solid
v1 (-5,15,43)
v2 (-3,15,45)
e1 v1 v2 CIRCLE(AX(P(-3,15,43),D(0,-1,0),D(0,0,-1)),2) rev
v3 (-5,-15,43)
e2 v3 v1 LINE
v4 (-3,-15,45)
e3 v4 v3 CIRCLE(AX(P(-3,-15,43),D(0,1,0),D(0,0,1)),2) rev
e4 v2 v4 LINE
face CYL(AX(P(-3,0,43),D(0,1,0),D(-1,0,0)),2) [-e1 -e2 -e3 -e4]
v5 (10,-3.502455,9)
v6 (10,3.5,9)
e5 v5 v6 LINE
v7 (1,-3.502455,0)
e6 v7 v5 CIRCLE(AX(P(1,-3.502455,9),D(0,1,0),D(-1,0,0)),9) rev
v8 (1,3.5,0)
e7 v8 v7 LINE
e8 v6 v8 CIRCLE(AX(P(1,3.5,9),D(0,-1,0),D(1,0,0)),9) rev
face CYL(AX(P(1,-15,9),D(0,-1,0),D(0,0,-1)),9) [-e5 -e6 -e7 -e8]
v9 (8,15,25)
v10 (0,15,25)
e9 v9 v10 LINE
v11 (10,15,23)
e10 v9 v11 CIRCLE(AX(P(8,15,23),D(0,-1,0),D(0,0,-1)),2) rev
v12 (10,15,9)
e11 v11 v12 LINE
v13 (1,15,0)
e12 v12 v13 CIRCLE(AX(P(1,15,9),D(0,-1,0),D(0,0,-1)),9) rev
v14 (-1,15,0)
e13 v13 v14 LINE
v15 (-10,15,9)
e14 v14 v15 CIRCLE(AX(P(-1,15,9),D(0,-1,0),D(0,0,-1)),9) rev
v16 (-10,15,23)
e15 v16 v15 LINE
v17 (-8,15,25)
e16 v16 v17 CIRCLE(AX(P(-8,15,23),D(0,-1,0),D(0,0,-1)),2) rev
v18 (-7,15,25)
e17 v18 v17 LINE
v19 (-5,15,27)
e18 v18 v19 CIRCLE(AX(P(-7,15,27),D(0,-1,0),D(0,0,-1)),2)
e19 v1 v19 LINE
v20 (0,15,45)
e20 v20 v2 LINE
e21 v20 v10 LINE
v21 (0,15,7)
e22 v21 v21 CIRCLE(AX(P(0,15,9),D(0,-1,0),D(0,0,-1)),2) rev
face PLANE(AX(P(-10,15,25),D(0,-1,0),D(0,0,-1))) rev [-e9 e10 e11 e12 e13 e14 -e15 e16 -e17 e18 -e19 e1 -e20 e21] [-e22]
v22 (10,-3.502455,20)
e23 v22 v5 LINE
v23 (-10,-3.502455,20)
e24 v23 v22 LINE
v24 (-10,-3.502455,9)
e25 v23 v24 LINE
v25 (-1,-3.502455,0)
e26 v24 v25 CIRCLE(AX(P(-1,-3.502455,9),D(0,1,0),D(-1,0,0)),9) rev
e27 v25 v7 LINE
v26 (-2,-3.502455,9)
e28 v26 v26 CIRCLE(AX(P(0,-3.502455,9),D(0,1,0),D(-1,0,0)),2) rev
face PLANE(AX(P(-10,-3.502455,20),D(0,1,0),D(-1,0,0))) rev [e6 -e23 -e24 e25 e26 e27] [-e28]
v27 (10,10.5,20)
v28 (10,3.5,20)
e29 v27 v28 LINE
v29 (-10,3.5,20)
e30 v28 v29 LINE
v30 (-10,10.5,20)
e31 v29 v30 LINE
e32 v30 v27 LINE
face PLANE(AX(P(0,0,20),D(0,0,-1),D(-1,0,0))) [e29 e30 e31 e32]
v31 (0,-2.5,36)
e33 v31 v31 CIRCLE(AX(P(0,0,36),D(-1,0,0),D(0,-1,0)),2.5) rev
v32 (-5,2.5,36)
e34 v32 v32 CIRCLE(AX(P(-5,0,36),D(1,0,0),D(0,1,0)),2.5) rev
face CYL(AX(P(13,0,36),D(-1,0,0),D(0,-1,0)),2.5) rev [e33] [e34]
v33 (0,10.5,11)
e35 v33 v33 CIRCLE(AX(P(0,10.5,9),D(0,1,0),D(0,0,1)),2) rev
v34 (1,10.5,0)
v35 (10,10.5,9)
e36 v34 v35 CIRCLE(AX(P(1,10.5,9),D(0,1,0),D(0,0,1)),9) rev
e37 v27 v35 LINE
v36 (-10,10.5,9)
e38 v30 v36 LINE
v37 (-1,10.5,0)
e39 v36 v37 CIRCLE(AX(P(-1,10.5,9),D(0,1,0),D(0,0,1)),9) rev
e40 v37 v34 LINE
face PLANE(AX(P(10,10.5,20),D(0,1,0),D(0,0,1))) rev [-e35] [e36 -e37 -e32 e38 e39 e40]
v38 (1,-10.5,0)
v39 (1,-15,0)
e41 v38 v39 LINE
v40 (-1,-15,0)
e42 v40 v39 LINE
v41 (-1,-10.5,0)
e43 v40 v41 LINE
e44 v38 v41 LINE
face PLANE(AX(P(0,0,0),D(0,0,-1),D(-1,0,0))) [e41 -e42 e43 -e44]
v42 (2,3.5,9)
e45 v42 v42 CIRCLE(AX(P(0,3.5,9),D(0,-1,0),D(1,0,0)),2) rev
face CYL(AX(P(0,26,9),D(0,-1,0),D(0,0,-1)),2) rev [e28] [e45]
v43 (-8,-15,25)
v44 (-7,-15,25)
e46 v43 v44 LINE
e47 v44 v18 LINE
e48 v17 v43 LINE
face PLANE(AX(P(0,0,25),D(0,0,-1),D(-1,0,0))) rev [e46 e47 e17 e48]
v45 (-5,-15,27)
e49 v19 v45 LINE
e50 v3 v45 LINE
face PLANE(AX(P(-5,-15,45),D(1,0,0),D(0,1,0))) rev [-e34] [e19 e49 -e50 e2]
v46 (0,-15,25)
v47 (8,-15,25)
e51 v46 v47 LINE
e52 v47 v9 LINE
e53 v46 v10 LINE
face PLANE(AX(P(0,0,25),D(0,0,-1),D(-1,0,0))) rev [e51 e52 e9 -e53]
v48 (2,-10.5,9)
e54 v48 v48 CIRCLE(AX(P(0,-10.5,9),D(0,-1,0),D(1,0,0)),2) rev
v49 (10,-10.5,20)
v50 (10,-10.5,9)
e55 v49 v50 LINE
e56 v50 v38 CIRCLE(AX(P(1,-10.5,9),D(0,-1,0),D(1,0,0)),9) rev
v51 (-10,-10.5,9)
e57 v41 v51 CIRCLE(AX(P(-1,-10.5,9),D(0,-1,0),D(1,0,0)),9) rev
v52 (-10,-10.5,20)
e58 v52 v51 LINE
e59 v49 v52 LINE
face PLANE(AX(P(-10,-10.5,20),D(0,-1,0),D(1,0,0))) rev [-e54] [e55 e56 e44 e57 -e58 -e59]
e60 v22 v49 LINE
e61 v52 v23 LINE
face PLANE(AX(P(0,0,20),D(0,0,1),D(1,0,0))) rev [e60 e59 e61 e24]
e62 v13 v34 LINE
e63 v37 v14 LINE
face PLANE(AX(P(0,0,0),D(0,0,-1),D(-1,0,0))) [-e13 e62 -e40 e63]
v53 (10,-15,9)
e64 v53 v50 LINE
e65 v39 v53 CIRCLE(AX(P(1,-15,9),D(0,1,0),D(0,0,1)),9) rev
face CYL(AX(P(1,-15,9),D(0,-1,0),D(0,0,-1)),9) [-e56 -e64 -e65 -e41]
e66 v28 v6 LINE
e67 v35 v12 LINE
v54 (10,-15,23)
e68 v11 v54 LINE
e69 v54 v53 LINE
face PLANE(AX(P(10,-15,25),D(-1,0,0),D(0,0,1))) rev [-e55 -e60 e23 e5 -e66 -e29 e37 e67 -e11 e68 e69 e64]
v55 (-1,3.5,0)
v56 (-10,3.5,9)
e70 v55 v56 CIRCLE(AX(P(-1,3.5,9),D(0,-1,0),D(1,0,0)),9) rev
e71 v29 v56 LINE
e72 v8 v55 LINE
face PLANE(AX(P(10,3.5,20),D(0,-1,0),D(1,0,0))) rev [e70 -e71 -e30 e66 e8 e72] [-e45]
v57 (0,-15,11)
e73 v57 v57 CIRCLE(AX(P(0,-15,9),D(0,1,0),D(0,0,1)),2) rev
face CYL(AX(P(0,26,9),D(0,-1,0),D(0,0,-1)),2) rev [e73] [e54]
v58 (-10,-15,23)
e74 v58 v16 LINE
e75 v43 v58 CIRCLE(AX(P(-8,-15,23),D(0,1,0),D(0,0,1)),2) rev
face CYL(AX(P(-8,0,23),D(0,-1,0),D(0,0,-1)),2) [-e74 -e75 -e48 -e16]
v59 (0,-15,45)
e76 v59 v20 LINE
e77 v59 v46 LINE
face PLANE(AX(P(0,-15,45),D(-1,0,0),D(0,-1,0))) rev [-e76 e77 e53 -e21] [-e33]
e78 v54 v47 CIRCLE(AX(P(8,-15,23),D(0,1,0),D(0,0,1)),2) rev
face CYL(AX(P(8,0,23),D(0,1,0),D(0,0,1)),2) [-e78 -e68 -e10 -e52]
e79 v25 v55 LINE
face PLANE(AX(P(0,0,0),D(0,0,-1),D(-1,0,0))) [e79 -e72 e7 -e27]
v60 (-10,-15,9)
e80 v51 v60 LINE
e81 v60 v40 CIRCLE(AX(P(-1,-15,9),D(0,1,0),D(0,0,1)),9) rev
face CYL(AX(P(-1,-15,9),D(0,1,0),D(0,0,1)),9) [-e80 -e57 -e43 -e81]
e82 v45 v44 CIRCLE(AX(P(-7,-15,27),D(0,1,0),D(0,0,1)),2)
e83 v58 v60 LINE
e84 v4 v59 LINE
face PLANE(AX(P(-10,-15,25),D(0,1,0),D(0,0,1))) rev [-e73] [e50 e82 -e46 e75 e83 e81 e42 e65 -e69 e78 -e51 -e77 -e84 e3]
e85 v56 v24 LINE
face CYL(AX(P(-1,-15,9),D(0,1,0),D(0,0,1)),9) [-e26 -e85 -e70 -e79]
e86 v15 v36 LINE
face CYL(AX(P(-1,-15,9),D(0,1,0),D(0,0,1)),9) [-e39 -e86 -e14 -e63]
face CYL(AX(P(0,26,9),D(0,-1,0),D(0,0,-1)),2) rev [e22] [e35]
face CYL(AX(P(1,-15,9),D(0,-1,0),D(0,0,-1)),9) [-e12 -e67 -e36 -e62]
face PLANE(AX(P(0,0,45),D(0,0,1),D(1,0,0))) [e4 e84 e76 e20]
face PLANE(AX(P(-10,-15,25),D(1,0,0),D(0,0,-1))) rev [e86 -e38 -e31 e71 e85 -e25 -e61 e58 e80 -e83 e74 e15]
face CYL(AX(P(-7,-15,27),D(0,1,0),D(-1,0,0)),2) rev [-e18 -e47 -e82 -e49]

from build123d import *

# Parameters (mm, degrees)
SKETCH1_W               = 20
SKETCH1_H               = 30
BOSS_EXTRUDE1_DEPTH     = 25
SKETCH2_W               = 20
SKETCH2_H               = 7
SKETCH2_H_2             = 6.997545124
CUT_EXTRUDE1_DEPTH      = 20
SKETCH3_W               = 5
SKETCH3_H               = 30
BOSS_EXTRUDE3_DEPTH     = 20
CUT_EXTRUDE2_DEPTH      = 13
CUT_EXTRUDE2_DEPTH_BACK = 16
SKETCH5_R               = 2.5
FILLET1_R               = 9
CUT_EXTRUDE3_DEPTH      = 11
CUT_EXTRUDE3_DEPTH_BACK = 33
SKETCH6_R               = 2
FILLET2_R               = 2
FILLET3_R               = 2
FILLET4_R               = 2


with BuildPart() as part:
    # Sketch1 → Boss-Extrude1 (new body)
    with BuildSketch(Plane.XY):
        Rectangle(SKETCH1_W, SKETCH1_H)
    extrude(amount=BOSS_EXTRUDE1_DEPTH)

    # Sketch2 → Cut-Extrude1 (cut)
    with BuildSketch(Plane(origin=(0, 0, 0), x_dir=(-1, 0, 0), z_dir=(0, 0, -1))):
        with Locations((0, 7)):
            Rectangle(SKETCH2_W, SKETCH2_H)
        with Locations((0, -7.001227438)):
            Rectangle(SKETCH2_W, SKETCH2_H_2)
    extrude(amount=-CUT_EXTRUDE1_DEPTH, mode=Mode.SUBTRACT)

    # Sketch3 → Boss-Extrude3 (add)
    with BuildSketch(Plane.XY.offset(25)):
        with Locations((-2.5, 0)):
            Rectangle(SKETCH3_W, SKETCH3_H)
    extrude(amount=BOSS_EXTRUDE3_DEPTH)

    # Sketch5 → Cut-Extrude2 (cut, two sides: drawn at the far end of the back side and taken through both)
    with BuildSketch(Plane(origin=(0, 0, 0), x_dir=(0, 0, -1), z_dir=(1, 0, 0)).offset(-CUT_EXTRUDE2_DEPTH_BACK)):
        with Locations(Location((-36, 0, 0), (0, 0, 270))):
            Circle(SKETCH5_R)
    extrude(amount=CUT_EXTRUDE2_DEPTH + CUT_EXTRUDE2_DEPTH_BACK, mode=Mode.SUBTRACT)

    # Fillet1
    fillet1_edges = [part.edges().sort_by_distance(p)[0] for p in [
        (10, -0.001227438, 0),
        (10, 12.75, 0),
        (-10, -0.001227438, 0),
        (-10, -12.75, 0),
        (-10, 12.75, 0),
        (10, -12.75, 0),
    ]]
    fillet(fillet1_edges, radius=FILLET1_R)

    # Sketch6 → Cut-Extrude3 (cut, two sides: drawn at the far end of the back side and taken through both)
    with BuildSketch(Plane(origin=(0, 15, 0), x_dir=(1, 0, 0), z_dir=(0, 1, 0)).offset(-CUT_EXTRUDE3_DEPTH_BACK)):
        with Locations((0, -9)):
            Circle(SKETCH6_R)
    extrude(amount=CUT_EXTRUDE3_DEPTH + CUT_EXTRUDE3_DEPTH_BACK, mode=Mode.SUBTRACT)

    # Fillet2
    fillet2_edges = [part.edges().sort_by_distance(p)[0] for p in [
        (-10, 0, 25),
        (-5, 0, 25),
    ]]
    fillet(fillet2_edges, radius=FILLET2_R)

    # Fillet3
    fillet3_edges = [part.edges().sort_by_distance(p)[0] for p in [
        (10, 0, 25),
    ]]
    fillet(fillet3_edges, radius=FILLET3_R)

    # Fillet4
    fillet4_edges = [part.edges().sort_by_distance(p)[0] for p in [
        (-5, 0, 45),
    ]]
    fillet(fillet4_edges, radius=FILLET4_R)


solid = part.part
